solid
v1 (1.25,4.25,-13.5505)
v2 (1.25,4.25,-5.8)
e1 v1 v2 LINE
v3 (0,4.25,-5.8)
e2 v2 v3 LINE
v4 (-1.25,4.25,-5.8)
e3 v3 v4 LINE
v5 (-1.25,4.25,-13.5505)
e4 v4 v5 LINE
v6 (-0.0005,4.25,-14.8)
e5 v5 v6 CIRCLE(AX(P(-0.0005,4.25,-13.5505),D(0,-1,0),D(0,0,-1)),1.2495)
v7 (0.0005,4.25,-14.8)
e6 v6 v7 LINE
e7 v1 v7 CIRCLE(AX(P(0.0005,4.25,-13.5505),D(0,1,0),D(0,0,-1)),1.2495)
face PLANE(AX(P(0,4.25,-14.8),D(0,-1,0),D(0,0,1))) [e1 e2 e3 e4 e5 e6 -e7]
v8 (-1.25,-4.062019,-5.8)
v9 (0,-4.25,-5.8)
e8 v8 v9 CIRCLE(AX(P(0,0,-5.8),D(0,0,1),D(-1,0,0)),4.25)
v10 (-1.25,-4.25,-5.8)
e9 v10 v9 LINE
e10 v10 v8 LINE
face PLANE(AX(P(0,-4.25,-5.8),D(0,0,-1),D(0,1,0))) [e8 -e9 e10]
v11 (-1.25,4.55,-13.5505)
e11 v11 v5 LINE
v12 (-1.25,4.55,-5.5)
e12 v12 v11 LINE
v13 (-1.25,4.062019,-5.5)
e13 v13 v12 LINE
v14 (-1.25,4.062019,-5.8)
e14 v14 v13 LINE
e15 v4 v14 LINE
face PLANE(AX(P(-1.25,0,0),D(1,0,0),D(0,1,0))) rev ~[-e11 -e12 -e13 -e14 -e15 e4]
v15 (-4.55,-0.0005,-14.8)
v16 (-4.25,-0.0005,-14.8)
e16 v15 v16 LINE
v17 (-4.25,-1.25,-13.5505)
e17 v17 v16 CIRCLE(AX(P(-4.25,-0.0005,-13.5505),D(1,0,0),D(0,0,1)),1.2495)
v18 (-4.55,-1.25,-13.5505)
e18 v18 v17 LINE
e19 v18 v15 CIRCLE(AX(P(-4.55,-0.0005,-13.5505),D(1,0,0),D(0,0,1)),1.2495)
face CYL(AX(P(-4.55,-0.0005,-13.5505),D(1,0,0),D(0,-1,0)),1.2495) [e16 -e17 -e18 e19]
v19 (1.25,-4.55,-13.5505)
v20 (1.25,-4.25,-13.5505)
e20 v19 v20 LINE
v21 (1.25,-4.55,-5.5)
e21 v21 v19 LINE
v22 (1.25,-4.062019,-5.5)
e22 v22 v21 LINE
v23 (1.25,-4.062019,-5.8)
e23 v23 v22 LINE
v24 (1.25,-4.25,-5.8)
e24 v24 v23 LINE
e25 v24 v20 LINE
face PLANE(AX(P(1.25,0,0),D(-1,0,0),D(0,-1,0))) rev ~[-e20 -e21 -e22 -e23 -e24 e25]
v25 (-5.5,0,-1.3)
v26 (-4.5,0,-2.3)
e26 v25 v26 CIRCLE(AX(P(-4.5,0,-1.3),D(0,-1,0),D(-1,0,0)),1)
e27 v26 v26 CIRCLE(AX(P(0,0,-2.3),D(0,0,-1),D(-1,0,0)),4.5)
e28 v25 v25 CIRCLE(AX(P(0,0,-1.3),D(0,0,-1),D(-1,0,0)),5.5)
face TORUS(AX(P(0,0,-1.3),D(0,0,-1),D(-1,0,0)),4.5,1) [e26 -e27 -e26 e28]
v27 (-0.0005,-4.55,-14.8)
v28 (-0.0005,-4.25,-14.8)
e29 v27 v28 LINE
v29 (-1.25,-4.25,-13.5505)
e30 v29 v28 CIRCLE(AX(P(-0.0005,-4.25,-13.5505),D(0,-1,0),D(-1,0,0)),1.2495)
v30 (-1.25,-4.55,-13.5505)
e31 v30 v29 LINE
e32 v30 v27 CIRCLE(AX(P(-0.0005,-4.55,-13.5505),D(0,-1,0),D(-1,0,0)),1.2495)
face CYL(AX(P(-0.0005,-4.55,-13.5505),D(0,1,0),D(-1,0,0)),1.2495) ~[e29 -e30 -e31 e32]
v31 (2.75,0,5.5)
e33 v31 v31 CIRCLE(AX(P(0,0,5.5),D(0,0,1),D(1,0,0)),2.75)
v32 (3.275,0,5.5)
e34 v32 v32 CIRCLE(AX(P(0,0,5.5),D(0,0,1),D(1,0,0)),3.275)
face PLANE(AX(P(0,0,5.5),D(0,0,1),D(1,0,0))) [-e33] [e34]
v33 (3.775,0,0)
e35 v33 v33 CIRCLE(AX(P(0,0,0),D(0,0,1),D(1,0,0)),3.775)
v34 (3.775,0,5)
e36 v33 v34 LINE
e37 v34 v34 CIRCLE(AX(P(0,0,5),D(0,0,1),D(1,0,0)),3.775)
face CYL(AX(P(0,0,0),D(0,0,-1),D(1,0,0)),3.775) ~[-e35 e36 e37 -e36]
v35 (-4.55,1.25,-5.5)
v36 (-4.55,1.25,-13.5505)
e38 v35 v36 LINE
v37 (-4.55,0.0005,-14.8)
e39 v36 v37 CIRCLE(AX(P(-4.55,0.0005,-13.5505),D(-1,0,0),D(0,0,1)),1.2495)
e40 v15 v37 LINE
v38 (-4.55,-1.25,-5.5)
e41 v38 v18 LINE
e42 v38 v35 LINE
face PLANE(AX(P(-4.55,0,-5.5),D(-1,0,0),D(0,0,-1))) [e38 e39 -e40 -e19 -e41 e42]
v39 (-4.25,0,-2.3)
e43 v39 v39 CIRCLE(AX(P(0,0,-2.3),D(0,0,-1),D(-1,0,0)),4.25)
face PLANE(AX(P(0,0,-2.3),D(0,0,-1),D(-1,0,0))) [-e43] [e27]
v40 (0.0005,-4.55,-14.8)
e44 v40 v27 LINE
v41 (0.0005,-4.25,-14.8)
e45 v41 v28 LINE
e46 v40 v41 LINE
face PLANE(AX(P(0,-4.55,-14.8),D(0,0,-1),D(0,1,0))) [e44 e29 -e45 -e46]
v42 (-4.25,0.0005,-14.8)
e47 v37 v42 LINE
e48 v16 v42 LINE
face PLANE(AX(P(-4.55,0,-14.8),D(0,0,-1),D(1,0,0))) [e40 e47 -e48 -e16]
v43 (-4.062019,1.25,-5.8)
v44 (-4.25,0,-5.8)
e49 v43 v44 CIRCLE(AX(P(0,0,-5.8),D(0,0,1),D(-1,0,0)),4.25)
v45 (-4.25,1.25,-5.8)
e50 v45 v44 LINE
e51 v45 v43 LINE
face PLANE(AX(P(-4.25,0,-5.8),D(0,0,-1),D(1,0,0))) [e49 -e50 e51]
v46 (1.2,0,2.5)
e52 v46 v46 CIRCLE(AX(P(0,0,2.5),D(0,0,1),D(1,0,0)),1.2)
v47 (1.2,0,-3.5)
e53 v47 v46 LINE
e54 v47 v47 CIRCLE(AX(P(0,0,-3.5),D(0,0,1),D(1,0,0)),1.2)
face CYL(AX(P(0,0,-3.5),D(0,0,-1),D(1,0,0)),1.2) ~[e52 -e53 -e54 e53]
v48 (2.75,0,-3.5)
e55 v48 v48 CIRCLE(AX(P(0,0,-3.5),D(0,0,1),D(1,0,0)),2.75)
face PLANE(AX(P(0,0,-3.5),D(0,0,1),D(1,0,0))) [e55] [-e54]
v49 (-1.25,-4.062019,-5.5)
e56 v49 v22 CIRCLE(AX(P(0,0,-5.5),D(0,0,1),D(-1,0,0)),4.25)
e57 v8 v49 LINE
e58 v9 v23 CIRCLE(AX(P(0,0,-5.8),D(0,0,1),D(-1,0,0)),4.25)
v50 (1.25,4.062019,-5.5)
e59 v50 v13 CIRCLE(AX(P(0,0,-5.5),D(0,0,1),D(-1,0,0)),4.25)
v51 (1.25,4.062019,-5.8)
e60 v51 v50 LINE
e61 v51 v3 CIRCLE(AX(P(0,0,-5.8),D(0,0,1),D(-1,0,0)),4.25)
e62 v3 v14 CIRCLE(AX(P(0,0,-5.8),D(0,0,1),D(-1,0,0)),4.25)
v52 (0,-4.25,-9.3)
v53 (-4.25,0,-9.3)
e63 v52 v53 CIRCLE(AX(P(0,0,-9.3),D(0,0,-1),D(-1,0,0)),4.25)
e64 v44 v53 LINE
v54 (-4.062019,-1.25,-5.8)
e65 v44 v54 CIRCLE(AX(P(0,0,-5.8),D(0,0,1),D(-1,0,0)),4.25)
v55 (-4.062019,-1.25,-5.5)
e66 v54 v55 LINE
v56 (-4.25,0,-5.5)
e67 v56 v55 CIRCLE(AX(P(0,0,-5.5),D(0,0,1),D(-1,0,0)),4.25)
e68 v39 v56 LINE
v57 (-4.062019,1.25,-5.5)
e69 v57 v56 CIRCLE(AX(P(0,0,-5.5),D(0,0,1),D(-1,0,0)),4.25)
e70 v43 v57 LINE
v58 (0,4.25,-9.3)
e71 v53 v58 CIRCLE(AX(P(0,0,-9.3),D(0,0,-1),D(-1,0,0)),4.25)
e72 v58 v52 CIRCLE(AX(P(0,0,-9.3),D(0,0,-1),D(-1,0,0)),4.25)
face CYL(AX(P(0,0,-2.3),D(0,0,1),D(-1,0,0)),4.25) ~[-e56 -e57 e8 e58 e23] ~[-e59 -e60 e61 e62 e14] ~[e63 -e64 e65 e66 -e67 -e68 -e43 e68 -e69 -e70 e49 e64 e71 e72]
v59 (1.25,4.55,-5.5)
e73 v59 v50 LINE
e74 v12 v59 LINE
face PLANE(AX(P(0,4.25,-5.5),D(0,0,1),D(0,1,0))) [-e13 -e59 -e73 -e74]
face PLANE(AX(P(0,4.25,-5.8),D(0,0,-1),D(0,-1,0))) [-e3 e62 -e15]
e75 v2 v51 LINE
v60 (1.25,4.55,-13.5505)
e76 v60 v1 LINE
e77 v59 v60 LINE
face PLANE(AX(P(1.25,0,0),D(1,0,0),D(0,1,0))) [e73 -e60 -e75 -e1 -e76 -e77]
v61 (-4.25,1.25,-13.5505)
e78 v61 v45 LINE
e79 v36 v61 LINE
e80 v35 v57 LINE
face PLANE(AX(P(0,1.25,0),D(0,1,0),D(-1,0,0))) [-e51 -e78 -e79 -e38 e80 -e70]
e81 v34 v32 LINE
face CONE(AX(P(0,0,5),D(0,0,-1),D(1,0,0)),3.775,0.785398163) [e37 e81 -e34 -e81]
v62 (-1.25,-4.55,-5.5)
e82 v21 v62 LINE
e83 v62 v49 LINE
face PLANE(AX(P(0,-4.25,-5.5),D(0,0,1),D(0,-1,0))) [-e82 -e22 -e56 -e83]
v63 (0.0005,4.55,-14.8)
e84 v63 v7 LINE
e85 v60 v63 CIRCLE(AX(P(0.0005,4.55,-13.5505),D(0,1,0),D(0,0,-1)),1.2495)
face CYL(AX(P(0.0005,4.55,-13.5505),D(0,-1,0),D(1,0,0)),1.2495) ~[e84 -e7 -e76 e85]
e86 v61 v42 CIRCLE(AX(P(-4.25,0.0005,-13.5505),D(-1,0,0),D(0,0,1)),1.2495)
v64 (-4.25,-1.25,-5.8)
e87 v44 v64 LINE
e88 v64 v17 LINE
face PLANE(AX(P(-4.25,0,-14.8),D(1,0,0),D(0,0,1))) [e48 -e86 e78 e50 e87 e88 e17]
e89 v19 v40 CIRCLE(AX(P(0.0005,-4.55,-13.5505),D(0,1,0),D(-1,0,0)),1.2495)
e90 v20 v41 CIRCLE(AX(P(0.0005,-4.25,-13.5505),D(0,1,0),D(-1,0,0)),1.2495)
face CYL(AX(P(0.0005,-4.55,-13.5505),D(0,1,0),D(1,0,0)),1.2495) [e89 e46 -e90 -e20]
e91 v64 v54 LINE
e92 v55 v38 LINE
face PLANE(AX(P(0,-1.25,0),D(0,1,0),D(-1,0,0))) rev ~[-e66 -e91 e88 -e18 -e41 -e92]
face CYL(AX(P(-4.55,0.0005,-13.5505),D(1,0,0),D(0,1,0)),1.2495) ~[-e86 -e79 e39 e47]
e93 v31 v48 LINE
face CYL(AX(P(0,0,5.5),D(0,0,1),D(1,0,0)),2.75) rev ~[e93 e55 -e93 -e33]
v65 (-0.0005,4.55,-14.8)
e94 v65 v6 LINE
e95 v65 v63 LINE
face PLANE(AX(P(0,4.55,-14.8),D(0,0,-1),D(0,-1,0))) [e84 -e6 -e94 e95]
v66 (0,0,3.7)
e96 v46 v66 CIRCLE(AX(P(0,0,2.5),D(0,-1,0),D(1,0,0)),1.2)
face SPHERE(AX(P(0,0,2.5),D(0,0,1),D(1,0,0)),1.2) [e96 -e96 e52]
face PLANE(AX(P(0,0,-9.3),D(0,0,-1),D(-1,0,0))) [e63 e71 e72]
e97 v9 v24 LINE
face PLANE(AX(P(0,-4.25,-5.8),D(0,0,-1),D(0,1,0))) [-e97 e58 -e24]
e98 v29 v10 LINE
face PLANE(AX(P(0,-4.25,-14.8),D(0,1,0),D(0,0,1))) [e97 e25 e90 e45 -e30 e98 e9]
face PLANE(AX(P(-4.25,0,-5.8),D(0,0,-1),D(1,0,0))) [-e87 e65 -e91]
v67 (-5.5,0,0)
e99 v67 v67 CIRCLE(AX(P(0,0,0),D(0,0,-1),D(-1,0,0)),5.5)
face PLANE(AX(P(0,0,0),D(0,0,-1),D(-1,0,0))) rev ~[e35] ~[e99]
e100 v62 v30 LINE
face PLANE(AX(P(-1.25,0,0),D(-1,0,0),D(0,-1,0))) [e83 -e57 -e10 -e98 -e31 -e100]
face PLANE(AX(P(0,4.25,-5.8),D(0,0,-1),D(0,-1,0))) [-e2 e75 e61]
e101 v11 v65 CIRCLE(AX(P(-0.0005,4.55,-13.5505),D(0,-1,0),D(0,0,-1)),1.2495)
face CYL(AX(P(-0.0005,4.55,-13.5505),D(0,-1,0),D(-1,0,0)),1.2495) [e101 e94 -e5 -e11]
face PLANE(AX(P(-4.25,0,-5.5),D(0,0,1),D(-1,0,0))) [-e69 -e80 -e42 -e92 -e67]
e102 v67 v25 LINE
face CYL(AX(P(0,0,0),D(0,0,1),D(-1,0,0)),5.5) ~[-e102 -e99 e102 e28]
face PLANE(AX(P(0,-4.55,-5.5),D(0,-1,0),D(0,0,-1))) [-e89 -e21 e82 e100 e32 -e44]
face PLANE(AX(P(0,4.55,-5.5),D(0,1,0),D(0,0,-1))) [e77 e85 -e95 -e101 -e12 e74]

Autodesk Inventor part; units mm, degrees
ref_plane "YZ Plane" through (0, 0, 0) normal (1, 0, 0) x (0, 1, 0)
ref_plane "XZ Plane" through (0, 0, 0) normal (0, 1, 0) x (-1, 0, 0)
ref_plane "XY Plane" through (0, 0, 0) normal (0, 0, 1) x (1, 0, 0)
sketch "Esquisse1" plane through (0, 0, 0) normal (0, 0, 1) x (1, 0, 0)
  circle A0 centre (0, 0) radius 3.775
  dimension "d0" = 7.55
extrude "Extrusion1" add sketch "Esquisse1" along normal blind 5.5
sketch "Esquisse2" plane through (0, 0, 0) normal (0, 0, -1) x (-1, 0, 0)
  circle A0 centre (0, 0) radius 5.5
  dimension "d3" = 11
extrude "Extrusion2" add sketch "Esquisse2" along normal blind 2.3
sketch "Esquisse3" plane through (0, 0, -2.3) normal (0, 0, -1) x (-1, 0, 0)
  circle A0 centre (0, 0) radius 4.25
  dimension "d6" = 8.5
extrude "Extrusion3" add sketch "Esquisse3" along normal blind 7
fillet "Congé1" radius 1 1 edges at (5.5, 0, -2.3)
sketch "Esquisse4" plane through (0, 0, 5.5) normal (0, 0, 1) x (1, 0, 0)
  circle A0 centre (0, 0) radius 2.75
  dimension "d10" = 5.5
extrude "Extrusion4" cut sketch "Esquisse4" against normal blind 9
sketch "Esquisse5" plane through (0, 0, -3.5) normal (0, 0, 1) x (1, 0, 0)
  circle A0 centre (0, 0) radius 1.2
  dimension "d13" = 2.4
extrude "Extrusion5" add sketch "Esquisse5" along normal blind 7.2
fillet "Congé2" radius 1.2 1 edges at (-1.2, 0, 3.7)
thread "Filetage1" size "M8x0.5" class "6g" standard "ISO Metric profile" full length
sketch "Esquisse6" plane through (0, 0, 0) normal (1, 0, 0) x (0, 1, 0)
  line L0 (4.25, -14.8) -> (4.25, -5.8)
  line L1 (4.25, -5.8) -> (4.05, -5.8)
  line L2 (4.05, -5.8) -> (4.05, -5.5)
  line L3 (4.05, -5.5) -> (4.55, -5.5)
  line L4 (4.55, -5.5) -> (4.55, -14.8)
  line L5 (4.55, -14.8) -> (4.25, -14.8)
  line L6 (4.25, -2.3) -> (4.25, -9.3) projected
  line L7 (4.25, -2.3) -> (-4.25, -2.3) projected
  point P0 (0, 0)
  dimension "d19" = 0.3
  dimension "d20" = 0.3
  dimension "d21" = 9.3
  dimension "d22" = 3.2
  dimension "d24" = 0.2
extrude "Extrusion6" add sketch "Esquisse6" along normal mid plane 2.5
fillet "Congé3" radius 1.25 2 edges at (1.25, 4.4, -14.8) (-1.25, 4.4, -14.8)
pattern_circular "Réseau circulaire1" count 3 over 180 about axis through (0, 0, -10) along (0, 0, 1) of "Extrusion6", "Congé3"
chamfer "Chanfrein1" distance 0.5 angle 45 1 edges at (-3.775, 0, 5.5)
properties part number "Plug alimentation" material "----------"
